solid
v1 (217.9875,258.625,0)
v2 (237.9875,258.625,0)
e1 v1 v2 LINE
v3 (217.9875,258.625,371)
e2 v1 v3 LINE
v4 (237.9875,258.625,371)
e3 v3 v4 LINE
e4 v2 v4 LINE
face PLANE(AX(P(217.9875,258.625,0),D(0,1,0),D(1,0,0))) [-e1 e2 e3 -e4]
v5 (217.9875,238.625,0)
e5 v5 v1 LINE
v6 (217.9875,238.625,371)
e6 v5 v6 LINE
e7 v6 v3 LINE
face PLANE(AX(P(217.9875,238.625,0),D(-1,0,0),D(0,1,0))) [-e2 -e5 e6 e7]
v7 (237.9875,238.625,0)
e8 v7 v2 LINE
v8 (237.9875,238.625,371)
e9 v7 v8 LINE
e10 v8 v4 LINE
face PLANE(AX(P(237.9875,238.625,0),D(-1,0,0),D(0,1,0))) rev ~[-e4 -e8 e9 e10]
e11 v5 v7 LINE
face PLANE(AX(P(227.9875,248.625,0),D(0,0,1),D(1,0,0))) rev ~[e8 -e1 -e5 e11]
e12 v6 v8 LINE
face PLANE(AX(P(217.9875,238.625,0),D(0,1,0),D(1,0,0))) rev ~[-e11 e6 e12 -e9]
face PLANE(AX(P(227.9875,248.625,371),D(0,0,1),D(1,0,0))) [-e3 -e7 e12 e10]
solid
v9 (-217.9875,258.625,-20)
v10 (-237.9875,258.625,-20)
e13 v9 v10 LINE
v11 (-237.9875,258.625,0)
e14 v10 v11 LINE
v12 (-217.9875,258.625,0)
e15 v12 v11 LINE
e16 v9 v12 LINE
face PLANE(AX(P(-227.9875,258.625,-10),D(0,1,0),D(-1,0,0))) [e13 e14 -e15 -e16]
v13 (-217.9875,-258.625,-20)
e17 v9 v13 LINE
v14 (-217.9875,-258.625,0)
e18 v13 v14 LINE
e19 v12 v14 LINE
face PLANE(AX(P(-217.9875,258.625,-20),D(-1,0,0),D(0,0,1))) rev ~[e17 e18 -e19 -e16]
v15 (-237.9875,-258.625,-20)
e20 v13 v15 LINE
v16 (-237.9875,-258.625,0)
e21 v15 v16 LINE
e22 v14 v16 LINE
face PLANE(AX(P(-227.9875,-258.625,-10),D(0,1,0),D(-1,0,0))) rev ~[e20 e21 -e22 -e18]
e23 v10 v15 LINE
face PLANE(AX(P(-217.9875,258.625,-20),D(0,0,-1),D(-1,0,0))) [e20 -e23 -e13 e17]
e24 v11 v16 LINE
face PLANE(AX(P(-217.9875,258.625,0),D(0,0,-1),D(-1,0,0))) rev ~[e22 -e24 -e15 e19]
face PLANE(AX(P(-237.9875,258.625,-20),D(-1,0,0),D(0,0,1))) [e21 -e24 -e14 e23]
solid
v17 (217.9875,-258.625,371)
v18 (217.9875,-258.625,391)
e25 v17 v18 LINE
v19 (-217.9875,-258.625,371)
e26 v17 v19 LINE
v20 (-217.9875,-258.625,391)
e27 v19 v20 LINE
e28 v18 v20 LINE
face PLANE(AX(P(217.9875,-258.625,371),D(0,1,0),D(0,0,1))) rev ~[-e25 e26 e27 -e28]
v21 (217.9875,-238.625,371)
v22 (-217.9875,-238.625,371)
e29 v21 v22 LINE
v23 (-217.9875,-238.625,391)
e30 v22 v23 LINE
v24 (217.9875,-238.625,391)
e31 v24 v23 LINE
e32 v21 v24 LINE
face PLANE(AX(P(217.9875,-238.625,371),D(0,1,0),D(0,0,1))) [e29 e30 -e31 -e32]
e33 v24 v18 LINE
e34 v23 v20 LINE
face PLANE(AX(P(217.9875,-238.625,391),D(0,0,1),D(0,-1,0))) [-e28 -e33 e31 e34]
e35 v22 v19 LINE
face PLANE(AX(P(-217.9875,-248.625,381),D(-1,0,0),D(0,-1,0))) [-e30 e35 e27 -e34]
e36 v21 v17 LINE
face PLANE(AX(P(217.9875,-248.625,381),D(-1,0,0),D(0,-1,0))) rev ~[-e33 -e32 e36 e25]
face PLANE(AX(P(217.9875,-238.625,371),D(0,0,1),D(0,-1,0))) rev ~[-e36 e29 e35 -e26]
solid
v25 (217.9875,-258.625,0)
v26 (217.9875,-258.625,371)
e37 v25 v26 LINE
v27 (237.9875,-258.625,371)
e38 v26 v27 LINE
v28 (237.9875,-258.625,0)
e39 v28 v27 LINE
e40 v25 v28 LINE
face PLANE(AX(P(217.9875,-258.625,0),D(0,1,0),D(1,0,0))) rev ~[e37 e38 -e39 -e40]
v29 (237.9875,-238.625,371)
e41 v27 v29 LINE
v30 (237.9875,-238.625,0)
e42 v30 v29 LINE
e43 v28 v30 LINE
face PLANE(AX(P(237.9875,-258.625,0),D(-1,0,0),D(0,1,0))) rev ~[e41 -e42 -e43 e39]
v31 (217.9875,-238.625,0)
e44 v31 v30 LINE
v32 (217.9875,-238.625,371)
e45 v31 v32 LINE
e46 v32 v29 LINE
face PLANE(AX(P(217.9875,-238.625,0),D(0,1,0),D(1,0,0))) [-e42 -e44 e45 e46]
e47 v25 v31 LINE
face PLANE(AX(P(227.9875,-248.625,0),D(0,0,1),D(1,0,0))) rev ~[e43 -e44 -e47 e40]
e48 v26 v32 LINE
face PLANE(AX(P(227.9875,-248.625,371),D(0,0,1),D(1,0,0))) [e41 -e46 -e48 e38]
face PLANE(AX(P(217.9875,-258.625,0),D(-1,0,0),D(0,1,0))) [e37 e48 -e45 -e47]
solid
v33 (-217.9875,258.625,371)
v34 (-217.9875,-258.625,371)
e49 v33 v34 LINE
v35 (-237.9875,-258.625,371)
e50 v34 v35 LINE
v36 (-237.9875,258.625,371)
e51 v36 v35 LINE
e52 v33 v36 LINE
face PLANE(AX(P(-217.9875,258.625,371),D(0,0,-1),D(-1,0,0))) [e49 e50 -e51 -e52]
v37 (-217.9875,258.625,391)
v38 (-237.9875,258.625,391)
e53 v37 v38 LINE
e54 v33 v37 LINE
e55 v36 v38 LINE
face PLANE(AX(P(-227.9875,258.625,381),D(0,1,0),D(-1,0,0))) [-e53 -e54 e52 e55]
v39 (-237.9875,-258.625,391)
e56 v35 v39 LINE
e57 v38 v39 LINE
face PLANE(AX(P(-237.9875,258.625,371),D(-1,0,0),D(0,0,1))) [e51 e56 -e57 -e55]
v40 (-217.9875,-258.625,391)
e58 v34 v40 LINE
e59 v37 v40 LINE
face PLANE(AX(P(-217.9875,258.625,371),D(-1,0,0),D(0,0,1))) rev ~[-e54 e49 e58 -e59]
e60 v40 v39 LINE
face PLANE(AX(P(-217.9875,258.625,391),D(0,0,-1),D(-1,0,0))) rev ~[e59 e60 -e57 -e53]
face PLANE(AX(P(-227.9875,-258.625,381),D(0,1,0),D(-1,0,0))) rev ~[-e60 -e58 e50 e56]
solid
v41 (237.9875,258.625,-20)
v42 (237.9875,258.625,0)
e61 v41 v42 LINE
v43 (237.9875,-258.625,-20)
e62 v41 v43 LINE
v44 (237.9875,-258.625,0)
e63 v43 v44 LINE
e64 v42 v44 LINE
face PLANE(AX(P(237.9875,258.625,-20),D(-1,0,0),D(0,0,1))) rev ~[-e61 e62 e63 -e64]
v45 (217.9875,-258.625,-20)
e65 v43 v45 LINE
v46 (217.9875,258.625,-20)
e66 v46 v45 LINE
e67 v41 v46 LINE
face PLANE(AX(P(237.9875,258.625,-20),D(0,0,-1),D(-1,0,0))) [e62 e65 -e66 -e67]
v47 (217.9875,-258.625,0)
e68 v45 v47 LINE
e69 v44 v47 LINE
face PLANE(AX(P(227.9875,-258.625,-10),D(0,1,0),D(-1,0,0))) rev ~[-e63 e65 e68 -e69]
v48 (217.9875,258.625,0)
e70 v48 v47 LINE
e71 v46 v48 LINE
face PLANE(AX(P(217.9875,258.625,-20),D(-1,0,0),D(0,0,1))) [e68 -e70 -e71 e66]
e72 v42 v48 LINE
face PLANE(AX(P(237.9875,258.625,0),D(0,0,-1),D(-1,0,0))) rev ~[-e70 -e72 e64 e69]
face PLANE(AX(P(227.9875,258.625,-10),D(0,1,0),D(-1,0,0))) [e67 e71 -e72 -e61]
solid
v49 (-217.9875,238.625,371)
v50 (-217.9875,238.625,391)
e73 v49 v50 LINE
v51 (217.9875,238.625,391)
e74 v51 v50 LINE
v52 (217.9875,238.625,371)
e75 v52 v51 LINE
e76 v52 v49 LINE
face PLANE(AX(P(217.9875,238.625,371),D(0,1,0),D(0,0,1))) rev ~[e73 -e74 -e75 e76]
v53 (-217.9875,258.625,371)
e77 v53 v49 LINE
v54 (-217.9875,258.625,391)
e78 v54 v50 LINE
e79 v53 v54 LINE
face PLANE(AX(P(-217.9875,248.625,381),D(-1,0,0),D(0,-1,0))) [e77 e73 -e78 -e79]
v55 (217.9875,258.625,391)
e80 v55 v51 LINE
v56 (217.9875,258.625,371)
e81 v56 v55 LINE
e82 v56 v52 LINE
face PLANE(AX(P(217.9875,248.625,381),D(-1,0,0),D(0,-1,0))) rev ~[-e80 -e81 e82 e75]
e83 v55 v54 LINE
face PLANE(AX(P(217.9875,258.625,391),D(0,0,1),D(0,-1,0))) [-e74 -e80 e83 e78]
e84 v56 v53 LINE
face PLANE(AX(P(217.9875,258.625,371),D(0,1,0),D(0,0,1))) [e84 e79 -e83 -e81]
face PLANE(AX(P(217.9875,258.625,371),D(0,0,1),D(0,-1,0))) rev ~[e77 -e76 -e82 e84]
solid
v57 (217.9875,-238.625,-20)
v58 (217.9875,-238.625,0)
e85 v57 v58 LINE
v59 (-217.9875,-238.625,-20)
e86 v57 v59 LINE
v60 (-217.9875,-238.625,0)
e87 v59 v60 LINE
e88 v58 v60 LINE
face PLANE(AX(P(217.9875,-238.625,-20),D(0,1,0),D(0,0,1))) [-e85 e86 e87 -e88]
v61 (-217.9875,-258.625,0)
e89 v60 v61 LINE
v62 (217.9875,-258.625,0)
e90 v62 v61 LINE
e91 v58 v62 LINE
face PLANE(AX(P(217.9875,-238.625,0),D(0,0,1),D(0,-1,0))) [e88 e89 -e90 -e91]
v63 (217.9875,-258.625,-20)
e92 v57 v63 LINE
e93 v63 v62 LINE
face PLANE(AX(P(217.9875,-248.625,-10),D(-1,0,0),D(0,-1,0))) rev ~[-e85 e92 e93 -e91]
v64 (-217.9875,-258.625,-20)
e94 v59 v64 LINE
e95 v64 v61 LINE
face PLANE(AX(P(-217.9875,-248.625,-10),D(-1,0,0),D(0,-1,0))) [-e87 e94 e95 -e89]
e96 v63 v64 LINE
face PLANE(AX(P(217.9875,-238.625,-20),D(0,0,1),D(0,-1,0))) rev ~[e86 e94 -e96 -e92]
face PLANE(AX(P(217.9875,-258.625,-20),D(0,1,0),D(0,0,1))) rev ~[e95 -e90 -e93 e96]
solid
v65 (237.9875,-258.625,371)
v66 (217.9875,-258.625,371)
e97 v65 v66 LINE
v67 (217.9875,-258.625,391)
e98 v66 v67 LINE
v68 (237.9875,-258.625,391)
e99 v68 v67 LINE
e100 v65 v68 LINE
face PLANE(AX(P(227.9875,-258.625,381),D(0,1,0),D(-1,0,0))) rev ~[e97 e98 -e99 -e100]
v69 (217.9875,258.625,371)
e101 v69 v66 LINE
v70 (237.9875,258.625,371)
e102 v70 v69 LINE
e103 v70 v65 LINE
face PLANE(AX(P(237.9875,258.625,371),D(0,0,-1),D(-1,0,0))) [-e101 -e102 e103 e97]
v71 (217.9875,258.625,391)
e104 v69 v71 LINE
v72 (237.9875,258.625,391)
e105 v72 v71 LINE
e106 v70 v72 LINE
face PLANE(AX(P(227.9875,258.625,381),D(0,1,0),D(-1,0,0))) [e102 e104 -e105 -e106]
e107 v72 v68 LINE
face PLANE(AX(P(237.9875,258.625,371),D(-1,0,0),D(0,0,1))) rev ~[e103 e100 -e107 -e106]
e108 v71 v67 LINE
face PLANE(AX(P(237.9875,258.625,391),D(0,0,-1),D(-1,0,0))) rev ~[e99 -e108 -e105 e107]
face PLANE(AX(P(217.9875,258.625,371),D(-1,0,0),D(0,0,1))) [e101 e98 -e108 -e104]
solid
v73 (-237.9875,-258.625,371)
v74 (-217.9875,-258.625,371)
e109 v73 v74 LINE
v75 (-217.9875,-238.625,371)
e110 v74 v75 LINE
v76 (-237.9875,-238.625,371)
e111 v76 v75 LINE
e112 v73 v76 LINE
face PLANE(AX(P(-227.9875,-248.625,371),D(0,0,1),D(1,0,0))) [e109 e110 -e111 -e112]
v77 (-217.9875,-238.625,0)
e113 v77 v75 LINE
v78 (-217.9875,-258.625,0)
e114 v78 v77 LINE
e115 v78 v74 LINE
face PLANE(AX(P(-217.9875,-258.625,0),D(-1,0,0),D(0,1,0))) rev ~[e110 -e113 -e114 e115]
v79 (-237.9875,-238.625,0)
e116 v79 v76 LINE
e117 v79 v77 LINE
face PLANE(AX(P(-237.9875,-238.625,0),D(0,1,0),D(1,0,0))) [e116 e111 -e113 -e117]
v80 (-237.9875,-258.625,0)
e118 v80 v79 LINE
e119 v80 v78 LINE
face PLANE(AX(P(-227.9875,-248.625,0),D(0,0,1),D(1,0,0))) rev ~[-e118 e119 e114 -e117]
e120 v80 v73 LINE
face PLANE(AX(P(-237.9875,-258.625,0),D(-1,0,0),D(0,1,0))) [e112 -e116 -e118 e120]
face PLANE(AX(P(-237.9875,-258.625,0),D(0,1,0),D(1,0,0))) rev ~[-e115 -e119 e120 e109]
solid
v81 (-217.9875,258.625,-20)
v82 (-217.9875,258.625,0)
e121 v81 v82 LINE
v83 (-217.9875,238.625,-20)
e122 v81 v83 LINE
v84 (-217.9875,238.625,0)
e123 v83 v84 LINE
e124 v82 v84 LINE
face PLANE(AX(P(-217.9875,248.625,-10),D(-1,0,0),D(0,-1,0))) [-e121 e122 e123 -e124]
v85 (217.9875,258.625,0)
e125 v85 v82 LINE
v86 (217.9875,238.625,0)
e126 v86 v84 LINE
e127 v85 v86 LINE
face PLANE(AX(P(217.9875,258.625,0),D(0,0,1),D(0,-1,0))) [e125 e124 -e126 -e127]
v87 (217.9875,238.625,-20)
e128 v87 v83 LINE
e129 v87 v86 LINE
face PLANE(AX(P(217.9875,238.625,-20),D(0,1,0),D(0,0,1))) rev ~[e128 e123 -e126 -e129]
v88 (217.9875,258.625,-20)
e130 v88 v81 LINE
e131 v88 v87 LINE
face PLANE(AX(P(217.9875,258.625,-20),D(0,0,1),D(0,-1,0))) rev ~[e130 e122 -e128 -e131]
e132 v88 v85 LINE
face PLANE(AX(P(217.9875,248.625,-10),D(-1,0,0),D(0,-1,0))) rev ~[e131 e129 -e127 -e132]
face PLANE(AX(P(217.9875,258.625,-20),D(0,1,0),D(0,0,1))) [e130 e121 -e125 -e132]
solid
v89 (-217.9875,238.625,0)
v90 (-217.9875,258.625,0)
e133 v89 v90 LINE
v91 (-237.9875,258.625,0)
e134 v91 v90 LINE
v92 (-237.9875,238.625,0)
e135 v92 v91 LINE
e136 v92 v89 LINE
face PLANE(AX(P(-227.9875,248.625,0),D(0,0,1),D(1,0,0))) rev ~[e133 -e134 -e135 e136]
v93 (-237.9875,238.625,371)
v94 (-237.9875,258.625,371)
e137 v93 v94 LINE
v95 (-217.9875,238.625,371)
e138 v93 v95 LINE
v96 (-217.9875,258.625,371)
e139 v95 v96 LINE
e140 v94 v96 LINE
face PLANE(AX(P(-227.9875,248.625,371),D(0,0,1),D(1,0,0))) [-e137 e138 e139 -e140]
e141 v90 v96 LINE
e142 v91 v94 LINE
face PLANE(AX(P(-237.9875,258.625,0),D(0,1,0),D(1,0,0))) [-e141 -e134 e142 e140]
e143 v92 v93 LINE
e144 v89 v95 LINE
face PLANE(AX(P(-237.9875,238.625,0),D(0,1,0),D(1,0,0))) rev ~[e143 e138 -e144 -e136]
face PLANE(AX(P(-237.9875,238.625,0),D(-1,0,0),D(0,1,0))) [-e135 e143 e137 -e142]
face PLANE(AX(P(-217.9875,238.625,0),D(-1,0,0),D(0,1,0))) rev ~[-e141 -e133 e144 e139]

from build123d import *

# Parameters (mm, degrees)
F0_W     = 20
F0_H     = 20
F1_DEPTH = 371
F2_W     = 20
F2_H     = 20
F3_DEPTH = 435.975
F4_W     = 20
F4_H     = 20
F5_DEPTH = 517.25


with BuildPart() as f1:
    # F0 (on Top) → F1 (new body)
    with BuildSketch(Plane.XY):
        with Locations((227.9875, 248.625)):
            Rectangle(F0_W, F0_H)
    extrude(amount=F1_DEPTH)


with BuildPart() as f1b:
    # F0 (on Top) → F1, piece 2 (new body)
    with BuildSketch(Plane.XY):
        with Locations((-227.9875, 248.625)):
            Rectangle(F0_W, F0_H)
    extrude(amount=F1_DEPTH)


with BuildPart() as f1c:
    # F0 (on Top) → F1, piece 3 (new body)
    with BuildSketch(Plane.XY):
        with Locations((-227.9875, -248.625)):
            Rectangle(F0_W, F0_H)
    extrude(amount=F1_DEPTH)


with BuildPart() as f1d:
    # F0 (on Top) → F1, piece 4 (new body)
    with BuildSketch(Plane.XY):
        with Locations((227.9875, -248.625)):
            Rectangle(F0_W, F0_H)
    extrude(amount=F1_DEPTH)


with BuildPart() as f3:
    # F2 (on face) → F3 (new body, through all)
    with BuildSketch(Plane(origin=(217.9875, 0, 0), x_dir=(0, -1, 0), z_dir=(-1, 0, 0))):
        with Locations((-248.625, 381)):
            Rectangle(F2_W, F2_H)
    extrude(amount=F3_DEPTH)


with BuildPart() as f3b:
    # F2 (on face) → F3, piece 2 (new body, through all)
    with BuildSketch(Plane(origin=(217.9875, 0, 0), x_dir=(0, -1, 0), z_dir=(-1, 0, 0))):
        with Locations((248.625, 381)):
            Rectangle(F2_W, F2_H)
    extrude(amount=F3_DEPTH)


with BuildPart() as f3c:
    # F2 (on face) → F3, piece 3 (new body, through all)
    with BuildSketch(Plane(origin=(217.9875, 0, 0), x_dir=(0, -1, 0), z_dir=(-1, 0, 0))):
        with Locations((-248.625, -10)):
            Rectangle(F2_W, F2_H)
    extrude(amount=F3_DEPTH)


with BuildPart() as f3d:
    # F2 (on face) → F3, piece 4 (new body, through all)
    with BuildSketch(Plane(origin=(217.9875, 0, 0), x_dir=(0, -1, 0), z_dir=(-1, 0, 0))):
        with Locations((248.625, -10)):
            Rectangle(F2_W, F2_H)
    extrude(amount=F3_DEPTH)


with BuildPart() as f5:
    # F4 (on face) → F5 (new body, through all)
    with BuildSketch(Plane(origin=(0, 258.625, 0), x_dir=(-1, 0, 0), z_dir=(0, 1, 0))):
        with Locations((-227.9875, -10)):
            Rectangle(F4_W, F4_H)
    extrude(amount=-F5_DEPTH)


with BuildPart() as f5b:
    # F4 (on face) → F5, piece 2 (new body, through all)
    with BuildSketch(Plane(origin=(0, 258.625, 0), x_dir=(-1, 0, 0), z_dir=(0, 1, 0))):
        with Locations((227.9875, -10)):
            Rectangle(F4_W, F4_H)
    extrude(amount=-F5_DEPTH)


with BuildPart() as f5c:
    # F4 (on face) → F5, piece 3 (new body, through all)
    with BuildSketch(Plane(origin=(0, 258.625, 0), x_dir=(-1, 0, 0), z_dir=(0, 1, 0))):
        with Locations((227.9875, 381)):
            Rectangle(F4_W, F4_H)
    extrude(amount=-F5_DEPTH)


with BuildPart() as f5d:
    # F4 (on face) → F5, piece 4 (new body, through all)
    with BuildSketch(Plane(origin=(0, 258.625, 0), x_dir=(-1, 0, 0), z_dir=(0, 1, 0))):
        with Locations((-227.9875, 381)):
            Rectangle(F4_W, F4_H)
    extrude(amount=-F5_DEPTH)


solid = Compound([f1.part, f1b.part, f1c.part, f1d.part, f3.part, f3b.part, f3c.part, f3d.part, f5.part, f5b.part, f5c.part, f5d.part])
